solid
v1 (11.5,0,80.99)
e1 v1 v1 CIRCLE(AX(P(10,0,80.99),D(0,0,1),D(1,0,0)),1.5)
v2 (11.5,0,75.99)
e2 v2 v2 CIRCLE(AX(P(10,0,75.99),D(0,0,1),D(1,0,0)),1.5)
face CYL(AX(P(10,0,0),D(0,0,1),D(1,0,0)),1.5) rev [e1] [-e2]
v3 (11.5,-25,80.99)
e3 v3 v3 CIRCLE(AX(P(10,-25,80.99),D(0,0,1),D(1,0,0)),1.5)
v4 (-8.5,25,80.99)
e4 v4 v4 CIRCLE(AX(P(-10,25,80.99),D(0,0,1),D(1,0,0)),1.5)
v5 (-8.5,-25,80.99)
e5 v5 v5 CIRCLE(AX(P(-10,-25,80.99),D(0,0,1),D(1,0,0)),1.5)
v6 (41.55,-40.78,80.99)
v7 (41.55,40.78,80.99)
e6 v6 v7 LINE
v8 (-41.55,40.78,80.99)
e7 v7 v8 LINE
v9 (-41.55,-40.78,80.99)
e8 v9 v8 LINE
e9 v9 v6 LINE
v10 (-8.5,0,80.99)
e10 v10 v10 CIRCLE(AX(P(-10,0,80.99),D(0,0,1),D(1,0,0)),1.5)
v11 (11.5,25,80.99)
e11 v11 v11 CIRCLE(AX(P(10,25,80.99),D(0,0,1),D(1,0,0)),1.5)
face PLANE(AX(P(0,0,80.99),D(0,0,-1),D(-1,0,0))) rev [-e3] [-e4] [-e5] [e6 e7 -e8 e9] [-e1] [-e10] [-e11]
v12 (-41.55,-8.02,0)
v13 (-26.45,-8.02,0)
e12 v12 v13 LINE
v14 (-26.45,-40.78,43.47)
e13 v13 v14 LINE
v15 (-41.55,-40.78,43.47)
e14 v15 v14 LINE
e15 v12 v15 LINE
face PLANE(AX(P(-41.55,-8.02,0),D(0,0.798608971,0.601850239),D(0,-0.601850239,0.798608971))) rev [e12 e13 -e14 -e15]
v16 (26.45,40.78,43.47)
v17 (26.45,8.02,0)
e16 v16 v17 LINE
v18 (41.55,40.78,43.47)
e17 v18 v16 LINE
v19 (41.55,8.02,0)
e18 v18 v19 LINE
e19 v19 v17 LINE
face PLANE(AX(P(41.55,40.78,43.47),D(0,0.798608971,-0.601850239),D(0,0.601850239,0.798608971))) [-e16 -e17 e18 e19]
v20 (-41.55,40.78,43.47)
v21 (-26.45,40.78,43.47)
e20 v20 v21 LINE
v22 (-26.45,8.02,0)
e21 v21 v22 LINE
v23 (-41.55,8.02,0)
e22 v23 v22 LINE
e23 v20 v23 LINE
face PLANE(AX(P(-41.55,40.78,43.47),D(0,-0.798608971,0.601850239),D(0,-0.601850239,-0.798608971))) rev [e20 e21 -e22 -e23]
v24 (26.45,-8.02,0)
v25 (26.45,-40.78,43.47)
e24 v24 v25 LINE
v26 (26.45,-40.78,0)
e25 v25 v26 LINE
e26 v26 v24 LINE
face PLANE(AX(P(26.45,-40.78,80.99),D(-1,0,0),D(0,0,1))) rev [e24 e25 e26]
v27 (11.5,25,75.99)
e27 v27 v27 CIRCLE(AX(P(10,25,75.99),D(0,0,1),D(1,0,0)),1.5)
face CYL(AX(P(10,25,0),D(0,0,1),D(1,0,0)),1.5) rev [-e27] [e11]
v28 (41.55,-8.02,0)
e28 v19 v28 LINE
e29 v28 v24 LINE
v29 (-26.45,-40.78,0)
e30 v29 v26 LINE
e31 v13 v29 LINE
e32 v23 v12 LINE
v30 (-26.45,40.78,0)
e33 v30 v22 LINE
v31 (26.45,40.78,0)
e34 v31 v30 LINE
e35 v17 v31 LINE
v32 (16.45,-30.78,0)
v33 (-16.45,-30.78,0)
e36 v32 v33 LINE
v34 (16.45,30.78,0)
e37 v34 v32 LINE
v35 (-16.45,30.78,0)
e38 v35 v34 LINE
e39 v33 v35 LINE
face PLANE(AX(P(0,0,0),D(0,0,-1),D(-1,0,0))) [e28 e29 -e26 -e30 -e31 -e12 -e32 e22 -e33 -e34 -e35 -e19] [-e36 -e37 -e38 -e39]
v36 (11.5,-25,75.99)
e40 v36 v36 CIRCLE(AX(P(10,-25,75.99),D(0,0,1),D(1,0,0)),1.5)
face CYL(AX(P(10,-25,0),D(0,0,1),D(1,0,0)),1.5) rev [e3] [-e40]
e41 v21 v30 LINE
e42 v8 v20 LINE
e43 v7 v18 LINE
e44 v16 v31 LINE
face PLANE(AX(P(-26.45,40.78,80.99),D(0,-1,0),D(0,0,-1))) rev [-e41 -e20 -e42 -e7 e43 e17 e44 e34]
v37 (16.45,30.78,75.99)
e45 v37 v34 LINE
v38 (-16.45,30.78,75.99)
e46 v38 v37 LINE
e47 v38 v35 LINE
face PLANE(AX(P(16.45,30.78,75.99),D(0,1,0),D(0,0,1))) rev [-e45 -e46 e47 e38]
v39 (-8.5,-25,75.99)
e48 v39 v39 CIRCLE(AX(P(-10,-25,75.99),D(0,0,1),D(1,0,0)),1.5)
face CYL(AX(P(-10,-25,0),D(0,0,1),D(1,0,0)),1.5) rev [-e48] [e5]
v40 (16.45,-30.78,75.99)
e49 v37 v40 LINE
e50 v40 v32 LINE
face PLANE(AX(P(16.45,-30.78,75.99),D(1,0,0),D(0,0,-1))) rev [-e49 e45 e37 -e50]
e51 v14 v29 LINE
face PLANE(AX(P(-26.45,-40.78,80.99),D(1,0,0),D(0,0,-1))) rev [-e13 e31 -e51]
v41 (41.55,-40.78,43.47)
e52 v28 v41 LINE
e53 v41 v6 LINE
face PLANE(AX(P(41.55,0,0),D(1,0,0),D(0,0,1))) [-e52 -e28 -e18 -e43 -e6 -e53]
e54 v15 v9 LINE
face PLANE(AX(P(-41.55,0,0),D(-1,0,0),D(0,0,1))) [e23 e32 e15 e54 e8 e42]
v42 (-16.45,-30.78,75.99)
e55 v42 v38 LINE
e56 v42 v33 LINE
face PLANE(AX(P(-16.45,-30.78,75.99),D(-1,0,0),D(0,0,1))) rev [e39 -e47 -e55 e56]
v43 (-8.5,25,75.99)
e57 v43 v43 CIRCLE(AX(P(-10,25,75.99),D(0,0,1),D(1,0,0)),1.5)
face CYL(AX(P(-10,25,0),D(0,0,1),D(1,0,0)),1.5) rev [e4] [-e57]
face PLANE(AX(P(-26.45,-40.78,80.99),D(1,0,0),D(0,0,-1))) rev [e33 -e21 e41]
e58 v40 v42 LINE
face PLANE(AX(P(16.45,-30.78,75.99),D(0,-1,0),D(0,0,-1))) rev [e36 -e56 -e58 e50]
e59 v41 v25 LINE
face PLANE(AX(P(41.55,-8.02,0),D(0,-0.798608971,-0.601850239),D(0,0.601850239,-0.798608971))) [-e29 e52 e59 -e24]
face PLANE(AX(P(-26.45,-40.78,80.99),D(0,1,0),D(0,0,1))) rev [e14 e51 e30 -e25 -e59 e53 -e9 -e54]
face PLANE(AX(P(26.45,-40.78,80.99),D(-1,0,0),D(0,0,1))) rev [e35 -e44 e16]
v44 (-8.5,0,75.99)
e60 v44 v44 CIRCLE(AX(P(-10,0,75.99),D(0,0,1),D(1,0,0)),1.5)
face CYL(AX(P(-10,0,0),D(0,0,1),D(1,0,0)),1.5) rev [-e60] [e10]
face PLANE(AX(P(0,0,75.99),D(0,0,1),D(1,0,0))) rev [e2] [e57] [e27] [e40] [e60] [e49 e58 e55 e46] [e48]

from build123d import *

# Parameters (mm, degrees)
SKETCH_1_W          = 52.9
SKETCH_1_H          = 81.56
EXTRUDE_1_DEPTH     = 80.99
SKETCH_2_W          = 32.9
SKETCH_2_H          = 61.56
CUT_EXTRUDE_1_DEPTH = 75.99
EXTRUDE_2_DEPTH     = 15.1
SKETCH_4_R          = 1.5
CUT_EXTRUDE_2_DEPTH = 100.743626363


with BuildPart() as part:
    # 草图1 → 凸台-拉伸1 (new body)
    with BuildSketch(Plane.XY):
        Rectangle(SKETCH_1_W, SKETCH_1_H)
    extrude(amount=EXTRUDE_1_DEPTH)

    # 草图2 → 切除-拉伸1 (cut)
    with BuildSketch(Plane(origin=(0, 0, 0), x_dir=(-1, 0, 0), z_dir=(0, 0, -1))):
        Rectangle(SKETCH_2_W, SKETCH_2_H)
    extrude(amount=-CUT_EXTRUDE_1_DEPTH, mode=Mode.SUBTRACT)

    # 草图3 → 凸台-拉伸2 (add)
    with BuildSketch(Plane.ZY.offset(26.45)):
        Polygon((80.99, 40.78), (43.47, 40.78), (0, 8.02), (0, -8.02), (43.47, -40.78), (80.99, -40.78), align=None)
    extrude_2 = extrude(amount=EXTRUDE_2_DEPTH)

    # 镜向1: 凸台-拉伸2 across plane
    add(extrude_2.mirror(Plane(origin=(0, 0, 0), x_dir=(0, 0, 1), z_dir=(1, 0, 0))))

    # 草图4 → 切除-拉伸2 (cut, through all)
    with BuildSketch(Plane.XY.offset(80.99)):
        with Locations((-10, 25)):
            Circle(SKETCH_4_R)
        with Locations((10, 25)):
            Circle(SKETCH_4_R)
        with Locations((-10, -25)):
            Circle(SKETCH_4_R)
        with Locations((10, -25)):
            Circle(SKETCH_4_R)
        with Locations((-10, 0)):
            Circle(SKETCH_4_R)
        with Locations((10, 0)):
            Circle(SKETCH_4_R)
    extrude(amount=-CUT_EXTRUDE_2_DEPTH, mode=Mode.SUBTRACT)


solid = part.part
